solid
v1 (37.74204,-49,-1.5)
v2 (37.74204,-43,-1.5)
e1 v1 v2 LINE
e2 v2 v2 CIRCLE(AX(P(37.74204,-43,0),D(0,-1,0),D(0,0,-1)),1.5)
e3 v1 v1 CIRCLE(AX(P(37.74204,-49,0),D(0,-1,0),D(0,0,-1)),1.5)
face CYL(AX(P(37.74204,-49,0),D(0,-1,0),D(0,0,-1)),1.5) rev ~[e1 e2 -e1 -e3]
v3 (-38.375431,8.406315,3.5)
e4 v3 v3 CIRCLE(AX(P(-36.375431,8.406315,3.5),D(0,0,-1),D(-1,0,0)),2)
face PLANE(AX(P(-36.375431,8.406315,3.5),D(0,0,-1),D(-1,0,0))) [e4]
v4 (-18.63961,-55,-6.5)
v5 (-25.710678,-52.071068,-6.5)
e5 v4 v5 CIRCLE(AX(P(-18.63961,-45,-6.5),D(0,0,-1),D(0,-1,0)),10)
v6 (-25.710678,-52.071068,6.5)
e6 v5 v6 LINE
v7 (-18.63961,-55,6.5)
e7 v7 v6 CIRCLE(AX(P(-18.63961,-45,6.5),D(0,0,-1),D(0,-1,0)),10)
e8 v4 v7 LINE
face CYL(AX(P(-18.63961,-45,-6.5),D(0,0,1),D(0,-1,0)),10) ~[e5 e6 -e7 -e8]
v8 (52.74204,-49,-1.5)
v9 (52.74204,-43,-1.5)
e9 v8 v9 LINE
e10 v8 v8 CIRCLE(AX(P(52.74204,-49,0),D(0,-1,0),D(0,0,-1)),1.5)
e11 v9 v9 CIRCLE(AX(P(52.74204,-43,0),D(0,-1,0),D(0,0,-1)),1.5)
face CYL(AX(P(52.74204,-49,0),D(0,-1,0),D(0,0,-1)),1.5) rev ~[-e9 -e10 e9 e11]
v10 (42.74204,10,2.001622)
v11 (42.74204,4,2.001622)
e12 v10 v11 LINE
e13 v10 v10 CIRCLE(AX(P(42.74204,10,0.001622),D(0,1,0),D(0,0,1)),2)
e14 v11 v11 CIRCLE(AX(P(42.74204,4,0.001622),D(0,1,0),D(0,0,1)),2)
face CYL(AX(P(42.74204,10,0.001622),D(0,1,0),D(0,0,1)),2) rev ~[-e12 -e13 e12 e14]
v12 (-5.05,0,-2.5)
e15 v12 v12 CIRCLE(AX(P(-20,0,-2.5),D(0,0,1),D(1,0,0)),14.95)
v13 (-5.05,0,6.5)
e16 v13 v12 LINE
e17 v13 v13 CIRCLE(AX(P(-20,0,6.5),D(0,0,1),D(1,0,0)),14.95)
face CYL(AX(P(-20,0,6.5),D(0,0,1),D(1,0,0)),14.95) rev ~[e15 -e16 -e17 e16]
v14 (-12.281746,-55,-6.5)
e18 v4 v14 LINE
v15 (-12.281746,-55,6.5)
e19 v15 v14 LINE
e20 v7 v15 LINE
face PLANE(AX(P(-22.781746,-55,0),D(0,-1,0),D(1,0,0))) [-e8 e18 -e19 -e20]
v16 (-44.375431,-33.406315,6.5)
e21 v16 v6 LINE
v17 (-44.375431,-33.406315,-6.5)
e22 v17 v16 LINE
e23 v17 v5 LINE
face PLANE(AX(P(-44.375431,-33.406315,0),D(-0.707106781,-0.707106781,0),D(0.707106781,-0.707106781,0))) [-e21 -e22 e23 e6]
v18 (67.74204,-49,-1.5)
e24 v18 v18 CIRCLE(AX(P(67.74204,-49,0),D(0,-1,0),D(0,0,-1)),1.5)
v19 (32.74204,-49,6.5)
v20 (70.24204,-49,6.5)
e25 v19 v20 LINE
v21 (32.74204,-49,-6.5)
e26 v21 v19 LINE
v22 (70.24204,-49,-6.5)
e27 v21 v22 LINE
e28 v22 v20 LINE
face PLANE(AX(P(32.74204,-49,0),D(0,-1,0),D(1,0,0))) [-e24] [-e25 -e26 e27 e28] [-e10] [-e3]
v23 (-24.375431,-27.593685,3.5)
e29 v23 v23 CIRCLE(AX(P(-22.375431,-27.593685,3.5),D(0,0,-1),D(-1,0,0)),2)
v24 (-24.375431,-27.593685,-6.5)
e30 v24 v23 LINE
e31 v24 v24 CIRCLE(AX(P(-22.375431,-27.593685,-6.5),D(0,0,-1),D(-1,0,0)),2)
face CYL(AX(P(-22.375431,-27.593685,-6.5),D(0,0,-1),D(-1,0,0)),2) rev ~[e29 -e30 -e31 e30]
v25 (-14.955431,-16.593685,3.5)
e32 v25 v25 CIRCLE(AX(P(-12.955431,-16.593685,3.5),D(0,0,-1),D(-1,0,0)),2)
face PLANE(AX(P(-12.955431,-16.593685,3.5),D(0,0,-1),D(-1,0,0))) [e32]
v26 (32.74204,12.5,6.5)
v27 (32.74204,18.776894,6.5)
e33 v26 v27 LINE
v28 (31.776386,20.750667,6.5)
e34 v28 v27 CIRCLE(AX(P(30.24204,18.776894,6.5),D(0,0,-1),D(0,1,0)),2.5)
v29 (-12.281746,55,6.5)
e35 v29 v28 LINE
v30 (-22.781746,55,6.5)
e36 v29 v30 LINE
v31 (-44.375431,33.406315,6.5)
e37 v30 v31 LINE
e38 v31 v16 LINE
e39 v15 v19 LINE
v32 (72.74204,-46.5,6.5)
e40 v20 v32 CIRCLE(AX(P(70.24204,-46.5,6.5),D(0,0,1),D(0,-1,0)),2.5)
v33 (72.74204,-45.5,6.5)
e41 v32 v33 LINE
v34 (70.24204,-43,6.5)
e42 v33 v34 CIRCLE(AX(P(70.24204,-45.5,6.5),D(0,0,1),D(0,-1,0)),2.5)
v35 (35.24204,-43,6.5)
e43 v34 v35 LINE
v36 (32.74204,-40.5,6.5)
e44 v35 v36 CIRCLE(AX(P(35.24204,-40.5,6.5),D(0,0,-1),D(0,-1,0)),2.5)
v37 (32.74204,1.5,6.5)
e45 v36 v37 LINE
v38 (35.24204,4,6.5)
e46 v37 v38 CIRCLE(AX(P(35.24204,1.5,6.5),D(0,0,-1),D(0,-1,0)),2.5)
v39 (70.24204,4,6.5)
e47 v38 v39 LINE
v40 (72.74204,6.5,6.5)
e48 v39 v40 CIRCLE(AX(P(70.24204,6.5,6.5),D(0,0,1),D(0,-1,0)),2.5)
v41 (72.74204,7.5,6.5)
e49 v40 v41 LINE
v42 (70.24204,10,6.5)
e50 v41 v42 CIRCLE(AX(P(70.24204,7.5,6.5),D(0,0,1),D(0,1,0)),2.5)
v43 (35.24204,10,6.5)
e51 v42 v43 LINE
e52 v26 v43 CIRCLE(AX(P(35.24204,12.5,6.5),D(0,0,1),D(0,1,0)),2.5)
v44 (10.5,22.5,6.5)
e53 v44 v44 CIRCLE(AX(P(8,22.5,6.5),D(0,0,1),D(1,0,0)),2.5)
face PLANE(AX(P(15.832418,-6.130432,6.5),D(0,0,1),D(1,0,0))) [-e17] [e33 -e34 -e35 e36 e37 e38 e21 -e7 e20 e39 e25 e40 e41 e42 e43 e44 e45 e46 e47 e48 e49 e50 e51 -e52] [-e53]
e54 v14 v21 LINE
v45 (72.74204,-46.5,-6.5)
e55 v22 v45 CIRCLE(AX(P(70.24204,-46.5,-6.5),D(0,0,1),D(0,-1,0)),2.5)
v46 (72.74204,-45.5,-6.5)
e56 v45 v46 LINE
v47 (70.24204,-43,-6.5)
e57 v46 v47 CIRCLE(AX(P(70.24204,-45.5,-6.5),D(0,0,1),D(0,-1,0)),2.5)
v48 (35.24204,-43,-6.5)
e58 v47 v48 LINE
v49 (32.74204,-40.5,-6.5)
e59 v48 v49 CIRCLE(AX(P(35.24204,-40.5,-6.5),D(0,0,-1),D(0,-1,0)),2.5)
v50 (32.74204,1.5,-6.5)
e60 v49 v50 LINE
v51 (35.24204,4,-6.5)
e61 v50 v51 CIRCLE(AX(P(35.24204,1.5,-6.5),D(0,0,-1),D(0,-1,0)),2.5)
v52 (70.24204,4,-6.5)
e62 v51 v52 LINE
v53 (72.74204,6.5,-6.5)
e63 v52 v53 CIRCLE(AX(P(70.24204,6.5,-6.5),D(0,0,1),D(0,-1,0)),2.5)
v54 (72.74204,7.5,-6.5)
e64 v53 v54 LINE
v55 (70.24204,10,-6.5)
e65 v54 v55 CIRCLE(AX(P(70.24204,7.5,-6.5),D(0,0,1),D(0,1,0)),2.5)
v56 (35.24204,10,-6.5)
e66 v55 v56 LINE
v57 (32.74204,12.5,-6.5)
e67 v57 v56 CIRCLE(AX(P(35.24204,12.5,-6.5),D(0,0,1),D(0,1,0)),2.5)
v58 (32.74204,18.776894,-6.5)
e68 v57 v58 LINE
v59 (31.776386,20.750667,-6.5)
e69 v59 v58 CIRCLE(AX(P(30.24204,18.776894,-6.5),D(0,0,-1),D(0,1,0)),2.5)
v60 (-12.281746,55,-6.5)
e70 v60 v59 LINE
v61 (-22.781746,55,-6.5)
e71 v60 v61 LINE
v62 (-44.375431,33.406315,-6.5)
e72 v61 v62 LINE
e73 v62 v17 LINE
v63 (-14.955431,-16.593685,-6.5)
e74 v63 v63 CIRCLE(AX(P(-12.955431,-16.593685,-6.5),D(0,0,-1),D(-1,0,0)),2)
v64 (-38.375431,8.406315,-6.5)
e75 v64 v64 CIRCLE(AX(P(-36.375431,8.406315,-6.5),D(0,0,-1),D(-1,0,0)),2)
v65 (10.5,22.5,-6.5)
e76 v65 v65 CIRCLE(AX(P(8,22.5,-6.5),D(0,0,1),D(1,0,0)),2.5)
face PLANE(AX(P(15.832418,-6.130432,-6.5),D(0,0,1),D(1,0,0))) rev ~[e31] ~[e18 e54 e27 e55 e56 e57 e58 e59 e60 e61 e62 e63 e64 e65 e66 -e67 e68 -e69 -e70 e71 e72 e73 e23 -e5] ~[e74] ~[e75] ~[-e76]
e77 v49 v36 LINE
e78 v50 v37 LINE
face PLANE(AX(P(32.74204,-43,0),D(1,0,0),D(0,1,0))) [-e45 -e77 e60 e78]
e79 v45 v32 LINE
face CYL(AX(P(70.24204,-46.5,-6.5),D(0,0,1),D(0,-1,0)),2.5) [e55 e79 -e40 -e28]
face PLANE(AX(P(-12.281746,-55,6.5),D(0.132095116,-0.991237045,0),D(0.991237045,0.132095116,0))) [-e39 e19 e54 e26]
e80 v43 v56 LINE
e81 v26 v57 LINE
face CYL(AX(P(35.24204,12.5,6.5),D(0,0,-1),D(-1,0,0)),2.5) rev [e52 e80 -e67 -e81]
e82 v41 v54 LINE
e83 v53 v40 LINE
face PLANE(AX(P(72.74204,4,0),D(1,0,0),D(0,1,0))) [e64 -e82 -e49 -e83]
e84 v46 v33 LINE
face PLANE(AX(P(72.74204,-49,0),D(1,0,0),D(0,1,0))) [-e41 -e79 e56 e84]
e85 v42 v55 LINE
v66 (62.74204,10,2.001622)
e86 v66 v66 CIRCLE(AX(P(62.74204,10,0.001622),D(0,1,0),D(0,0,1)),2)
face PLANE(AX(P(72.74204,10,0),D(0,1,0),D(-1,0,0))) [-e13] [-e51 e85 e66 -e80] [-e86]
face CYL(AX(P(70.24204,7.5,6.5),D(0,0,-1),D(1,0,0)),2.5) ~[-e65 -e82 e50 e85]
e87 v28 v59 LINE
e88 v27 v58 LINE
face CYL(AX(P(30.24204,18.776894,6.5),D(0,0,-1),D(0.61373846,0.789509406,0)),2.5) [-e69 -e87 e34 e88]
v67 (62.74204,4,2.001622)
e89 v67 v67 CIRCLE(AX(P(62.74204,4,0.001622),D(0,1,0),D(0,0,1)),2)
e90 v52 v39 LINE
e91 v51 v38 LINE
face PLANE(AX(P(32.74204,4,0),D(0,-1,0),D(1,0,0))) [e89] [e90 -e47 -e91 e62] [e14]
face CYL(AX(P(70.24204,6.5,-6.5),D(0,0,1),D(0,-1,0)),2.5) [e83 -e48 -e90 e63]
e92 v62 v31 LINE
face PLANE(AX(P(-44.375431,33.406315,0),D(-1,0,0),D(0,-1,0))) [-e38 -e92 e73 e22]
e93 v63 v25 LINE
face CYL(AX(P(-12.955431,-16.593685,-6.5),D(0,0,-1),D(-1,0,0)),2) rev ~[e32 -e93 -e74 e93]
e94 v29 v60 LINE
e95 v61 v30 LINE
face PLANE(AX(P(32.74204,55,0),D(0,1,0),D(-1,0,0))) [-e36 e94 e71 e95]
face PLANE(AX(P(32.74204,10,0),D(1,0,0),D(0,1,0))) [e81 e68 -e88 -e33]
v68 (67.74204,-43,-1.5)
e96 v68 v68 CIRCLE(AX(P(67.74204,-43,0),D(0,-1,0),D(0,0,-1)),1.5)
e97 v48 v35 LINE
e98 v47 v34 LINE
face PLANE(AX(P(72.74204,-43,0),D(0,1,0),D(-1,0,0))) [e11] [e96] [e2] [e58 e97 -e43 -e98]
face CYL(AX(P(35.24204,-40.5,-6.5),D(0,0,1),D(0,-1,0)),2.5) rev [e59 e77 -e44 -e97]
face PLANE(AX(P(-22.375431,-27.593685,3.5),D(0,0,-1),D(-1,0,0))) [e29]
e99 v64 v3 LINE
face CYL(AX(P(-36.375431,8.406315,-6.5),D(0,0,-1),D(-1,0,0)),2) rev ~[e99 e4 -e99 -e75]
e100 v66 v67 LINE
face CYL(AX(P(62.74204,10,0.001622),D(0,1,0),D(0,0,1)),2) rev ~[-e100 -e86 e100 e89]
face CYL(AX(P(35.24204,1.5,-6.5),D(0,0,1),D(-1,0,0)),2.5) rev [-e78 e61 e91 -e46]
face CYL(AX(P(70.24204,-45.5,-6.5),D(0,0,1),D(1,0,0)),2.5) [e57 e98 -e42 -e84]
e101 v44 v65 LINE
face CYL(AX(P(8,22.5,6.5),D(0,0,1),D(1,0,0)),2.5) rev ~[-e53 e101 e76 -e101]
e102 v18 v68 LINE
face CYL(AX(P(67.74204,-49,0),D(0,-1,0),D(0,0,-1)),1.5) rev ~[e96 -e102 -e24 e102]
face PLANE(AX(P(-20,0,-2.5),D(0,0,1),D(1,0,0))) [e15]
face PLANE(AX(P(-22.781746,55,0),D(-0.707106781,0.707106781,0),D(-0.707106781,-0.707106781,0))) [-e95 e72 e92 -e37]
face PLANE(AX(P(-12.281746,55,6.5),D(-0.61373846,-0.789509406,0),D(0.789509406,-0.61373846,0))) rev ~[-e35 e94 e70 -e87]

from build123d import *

# Parameters (mm, degrees)
RESSALTO_EXTRUS_O1_DEPTH = 6.5
ESBO_O2_R                = 14.95
CORTE_EXTRUS_O1_DEPTH    = 9
ESBO_O3_R                = 2.5
CORTE_EXTRUS_O2_DEPTH    = 13
FILETE1_R                = 10
ESBO_O4_R                = 2
CORTE_EXTRUS_O3_DEPTH    = 10
ESBO_O6_R                = 2
CORTE_EXTRUS_O4_DEPTH    = 10
ESBO_O7_R                = 1.5
CORTE_EXTRUS_O5_DEPTH    = 10
FILETE2_R                = 2.5


with BuildPart() as part:
    # Esboço1 → Ressalto-extrusão1 (new, symmetric)
    with BuildSketch(Plane.XY):
        Polygon((32.742040246, 55), (-22.781745931, 55), (-44.375431078, 33.406314852), (-44.375431078, -33.406314852), (-22.781745931, -55), (32.742040246, -55), (32.742040246, -49), (72.742040246, -49), (72.742040246, -43), (32.742040246, -43), (32.742040246, 4), (72.742040246, 4), (72.742040246, 10), (32.742040246, 10), align=None)
    extrude(amount=RESSALTO_EXTRUS_O1_DEPTH, both=True)

    # Esboço2 → Corte-extrusão1 (cut)
    with BuildSketch(Plane.XY.offset(6.5)):
        with Locations((-20, 0)):
            Circle(ESBO_O2_R)
    extrude(amount=-CORTE_EXTRUS_O1_DEPTH, mode=Mode.SUBTRACT)

    # Esboço3 → Corte-extrusão2 (cut)
    with BuildSketch(Plane.XY.offset(6.5)):
        with Locations((8, 22.5)):
            Circle(ESBO_O3_R)
        Polygon((-12.281745931, -55), (32.742040246, -49), (32.742040246, -55), align=None)
        Polygon((32.742040246, 55), (-12.281745931, 55), (32.742040246, 20), align=None)
    extrude(amount=-CORTE_EXTRUS_O2_DEPTH, mode=Mode.SUBTRACT)

    # Filete1
    filete1_edges = [part.edges().sort_by_distance(p)[0] for p in [
        (-22.781745931, -55, 0),
    ]]
    fillet(filete1_edges, radius=FILETE1_R)

    # Esboço4 → Corte-extrusão3 (cut)
    with BuildSketch(Plane(origin=(0, 0, -6.5), x_dir=(-1, 0, 0), z_dir=(0, 0, -1))):
        with Locations((36.375431078, 8.406314852)):
            Circle(ESBO_O4_R)
        with Locations((12.955431078, -16.593685148)):
            Circle(ESBO_O4_R)
        with Locations((22.375431078, -27.593685148)):
            Circle(ESBO_O4_R)
    extrude(amount=-CORTE_EXTRUS_O3_DEPTH, mode=Mode.SUBTRACT)

    # Esboço6 → Corte-extrusão4 (cut)
    with BuildSketch(Plane(origin=(0, 10, 0), x_dir=(1, 0, 0), z_dir=(0, 1, 0))):
        with Locations(Location((42.742040246, -0.001621735, 0), (0, 0, 270))):
            Circle(ESBO_O6_R)
        with Locations(Location((62.742040246, -0.001621735, 0), (0, 0, 270))):
            Circle(ESBO_O6_R)
    extrude(amount=-CORTE_EXTRUS_O4_DEPTH, mode=Mode.SUBTRACT)

    # Esboço7 → Corte-extrusão5 (cut)
    with BuildSketch(Plane.XZ.offset(49)):
        with Locations(Location((37.742040246, 0, 0), (0, 0, 270))):
            Circle(ESBO_O7_R)
        with Locations(Location((52.742040246, 0, 0), (0, 0, 270))):
            Circle(ESBO_O7_R)
        with Locations(Location((67.742040246, 0, 0), (0, 0, 270))):
            Circle(ESBO_O7_R)
    extrude(amount=-CORTE_EXTRUS_O5_DEPTH, mode=Mode.SUBTRACT)

    # Filete2
    filete2_edges = [part.edges().sort_by_distance(p)[0] for p in [
        (32.742040246, 10, 0),
        (72.742040246, 10, 0),
        (72.742040246, 4, 0),
        (32.742040246, 4, 0),
        (32.742040246, -43, 0),
        (72.742040246, -43, 0),
        (72.742040246, -49, 0),
        (32.742040246, 20, 0),
    ]]
    fillet(filete2_edges, radius=FILETE2_R)


solid = part.part
